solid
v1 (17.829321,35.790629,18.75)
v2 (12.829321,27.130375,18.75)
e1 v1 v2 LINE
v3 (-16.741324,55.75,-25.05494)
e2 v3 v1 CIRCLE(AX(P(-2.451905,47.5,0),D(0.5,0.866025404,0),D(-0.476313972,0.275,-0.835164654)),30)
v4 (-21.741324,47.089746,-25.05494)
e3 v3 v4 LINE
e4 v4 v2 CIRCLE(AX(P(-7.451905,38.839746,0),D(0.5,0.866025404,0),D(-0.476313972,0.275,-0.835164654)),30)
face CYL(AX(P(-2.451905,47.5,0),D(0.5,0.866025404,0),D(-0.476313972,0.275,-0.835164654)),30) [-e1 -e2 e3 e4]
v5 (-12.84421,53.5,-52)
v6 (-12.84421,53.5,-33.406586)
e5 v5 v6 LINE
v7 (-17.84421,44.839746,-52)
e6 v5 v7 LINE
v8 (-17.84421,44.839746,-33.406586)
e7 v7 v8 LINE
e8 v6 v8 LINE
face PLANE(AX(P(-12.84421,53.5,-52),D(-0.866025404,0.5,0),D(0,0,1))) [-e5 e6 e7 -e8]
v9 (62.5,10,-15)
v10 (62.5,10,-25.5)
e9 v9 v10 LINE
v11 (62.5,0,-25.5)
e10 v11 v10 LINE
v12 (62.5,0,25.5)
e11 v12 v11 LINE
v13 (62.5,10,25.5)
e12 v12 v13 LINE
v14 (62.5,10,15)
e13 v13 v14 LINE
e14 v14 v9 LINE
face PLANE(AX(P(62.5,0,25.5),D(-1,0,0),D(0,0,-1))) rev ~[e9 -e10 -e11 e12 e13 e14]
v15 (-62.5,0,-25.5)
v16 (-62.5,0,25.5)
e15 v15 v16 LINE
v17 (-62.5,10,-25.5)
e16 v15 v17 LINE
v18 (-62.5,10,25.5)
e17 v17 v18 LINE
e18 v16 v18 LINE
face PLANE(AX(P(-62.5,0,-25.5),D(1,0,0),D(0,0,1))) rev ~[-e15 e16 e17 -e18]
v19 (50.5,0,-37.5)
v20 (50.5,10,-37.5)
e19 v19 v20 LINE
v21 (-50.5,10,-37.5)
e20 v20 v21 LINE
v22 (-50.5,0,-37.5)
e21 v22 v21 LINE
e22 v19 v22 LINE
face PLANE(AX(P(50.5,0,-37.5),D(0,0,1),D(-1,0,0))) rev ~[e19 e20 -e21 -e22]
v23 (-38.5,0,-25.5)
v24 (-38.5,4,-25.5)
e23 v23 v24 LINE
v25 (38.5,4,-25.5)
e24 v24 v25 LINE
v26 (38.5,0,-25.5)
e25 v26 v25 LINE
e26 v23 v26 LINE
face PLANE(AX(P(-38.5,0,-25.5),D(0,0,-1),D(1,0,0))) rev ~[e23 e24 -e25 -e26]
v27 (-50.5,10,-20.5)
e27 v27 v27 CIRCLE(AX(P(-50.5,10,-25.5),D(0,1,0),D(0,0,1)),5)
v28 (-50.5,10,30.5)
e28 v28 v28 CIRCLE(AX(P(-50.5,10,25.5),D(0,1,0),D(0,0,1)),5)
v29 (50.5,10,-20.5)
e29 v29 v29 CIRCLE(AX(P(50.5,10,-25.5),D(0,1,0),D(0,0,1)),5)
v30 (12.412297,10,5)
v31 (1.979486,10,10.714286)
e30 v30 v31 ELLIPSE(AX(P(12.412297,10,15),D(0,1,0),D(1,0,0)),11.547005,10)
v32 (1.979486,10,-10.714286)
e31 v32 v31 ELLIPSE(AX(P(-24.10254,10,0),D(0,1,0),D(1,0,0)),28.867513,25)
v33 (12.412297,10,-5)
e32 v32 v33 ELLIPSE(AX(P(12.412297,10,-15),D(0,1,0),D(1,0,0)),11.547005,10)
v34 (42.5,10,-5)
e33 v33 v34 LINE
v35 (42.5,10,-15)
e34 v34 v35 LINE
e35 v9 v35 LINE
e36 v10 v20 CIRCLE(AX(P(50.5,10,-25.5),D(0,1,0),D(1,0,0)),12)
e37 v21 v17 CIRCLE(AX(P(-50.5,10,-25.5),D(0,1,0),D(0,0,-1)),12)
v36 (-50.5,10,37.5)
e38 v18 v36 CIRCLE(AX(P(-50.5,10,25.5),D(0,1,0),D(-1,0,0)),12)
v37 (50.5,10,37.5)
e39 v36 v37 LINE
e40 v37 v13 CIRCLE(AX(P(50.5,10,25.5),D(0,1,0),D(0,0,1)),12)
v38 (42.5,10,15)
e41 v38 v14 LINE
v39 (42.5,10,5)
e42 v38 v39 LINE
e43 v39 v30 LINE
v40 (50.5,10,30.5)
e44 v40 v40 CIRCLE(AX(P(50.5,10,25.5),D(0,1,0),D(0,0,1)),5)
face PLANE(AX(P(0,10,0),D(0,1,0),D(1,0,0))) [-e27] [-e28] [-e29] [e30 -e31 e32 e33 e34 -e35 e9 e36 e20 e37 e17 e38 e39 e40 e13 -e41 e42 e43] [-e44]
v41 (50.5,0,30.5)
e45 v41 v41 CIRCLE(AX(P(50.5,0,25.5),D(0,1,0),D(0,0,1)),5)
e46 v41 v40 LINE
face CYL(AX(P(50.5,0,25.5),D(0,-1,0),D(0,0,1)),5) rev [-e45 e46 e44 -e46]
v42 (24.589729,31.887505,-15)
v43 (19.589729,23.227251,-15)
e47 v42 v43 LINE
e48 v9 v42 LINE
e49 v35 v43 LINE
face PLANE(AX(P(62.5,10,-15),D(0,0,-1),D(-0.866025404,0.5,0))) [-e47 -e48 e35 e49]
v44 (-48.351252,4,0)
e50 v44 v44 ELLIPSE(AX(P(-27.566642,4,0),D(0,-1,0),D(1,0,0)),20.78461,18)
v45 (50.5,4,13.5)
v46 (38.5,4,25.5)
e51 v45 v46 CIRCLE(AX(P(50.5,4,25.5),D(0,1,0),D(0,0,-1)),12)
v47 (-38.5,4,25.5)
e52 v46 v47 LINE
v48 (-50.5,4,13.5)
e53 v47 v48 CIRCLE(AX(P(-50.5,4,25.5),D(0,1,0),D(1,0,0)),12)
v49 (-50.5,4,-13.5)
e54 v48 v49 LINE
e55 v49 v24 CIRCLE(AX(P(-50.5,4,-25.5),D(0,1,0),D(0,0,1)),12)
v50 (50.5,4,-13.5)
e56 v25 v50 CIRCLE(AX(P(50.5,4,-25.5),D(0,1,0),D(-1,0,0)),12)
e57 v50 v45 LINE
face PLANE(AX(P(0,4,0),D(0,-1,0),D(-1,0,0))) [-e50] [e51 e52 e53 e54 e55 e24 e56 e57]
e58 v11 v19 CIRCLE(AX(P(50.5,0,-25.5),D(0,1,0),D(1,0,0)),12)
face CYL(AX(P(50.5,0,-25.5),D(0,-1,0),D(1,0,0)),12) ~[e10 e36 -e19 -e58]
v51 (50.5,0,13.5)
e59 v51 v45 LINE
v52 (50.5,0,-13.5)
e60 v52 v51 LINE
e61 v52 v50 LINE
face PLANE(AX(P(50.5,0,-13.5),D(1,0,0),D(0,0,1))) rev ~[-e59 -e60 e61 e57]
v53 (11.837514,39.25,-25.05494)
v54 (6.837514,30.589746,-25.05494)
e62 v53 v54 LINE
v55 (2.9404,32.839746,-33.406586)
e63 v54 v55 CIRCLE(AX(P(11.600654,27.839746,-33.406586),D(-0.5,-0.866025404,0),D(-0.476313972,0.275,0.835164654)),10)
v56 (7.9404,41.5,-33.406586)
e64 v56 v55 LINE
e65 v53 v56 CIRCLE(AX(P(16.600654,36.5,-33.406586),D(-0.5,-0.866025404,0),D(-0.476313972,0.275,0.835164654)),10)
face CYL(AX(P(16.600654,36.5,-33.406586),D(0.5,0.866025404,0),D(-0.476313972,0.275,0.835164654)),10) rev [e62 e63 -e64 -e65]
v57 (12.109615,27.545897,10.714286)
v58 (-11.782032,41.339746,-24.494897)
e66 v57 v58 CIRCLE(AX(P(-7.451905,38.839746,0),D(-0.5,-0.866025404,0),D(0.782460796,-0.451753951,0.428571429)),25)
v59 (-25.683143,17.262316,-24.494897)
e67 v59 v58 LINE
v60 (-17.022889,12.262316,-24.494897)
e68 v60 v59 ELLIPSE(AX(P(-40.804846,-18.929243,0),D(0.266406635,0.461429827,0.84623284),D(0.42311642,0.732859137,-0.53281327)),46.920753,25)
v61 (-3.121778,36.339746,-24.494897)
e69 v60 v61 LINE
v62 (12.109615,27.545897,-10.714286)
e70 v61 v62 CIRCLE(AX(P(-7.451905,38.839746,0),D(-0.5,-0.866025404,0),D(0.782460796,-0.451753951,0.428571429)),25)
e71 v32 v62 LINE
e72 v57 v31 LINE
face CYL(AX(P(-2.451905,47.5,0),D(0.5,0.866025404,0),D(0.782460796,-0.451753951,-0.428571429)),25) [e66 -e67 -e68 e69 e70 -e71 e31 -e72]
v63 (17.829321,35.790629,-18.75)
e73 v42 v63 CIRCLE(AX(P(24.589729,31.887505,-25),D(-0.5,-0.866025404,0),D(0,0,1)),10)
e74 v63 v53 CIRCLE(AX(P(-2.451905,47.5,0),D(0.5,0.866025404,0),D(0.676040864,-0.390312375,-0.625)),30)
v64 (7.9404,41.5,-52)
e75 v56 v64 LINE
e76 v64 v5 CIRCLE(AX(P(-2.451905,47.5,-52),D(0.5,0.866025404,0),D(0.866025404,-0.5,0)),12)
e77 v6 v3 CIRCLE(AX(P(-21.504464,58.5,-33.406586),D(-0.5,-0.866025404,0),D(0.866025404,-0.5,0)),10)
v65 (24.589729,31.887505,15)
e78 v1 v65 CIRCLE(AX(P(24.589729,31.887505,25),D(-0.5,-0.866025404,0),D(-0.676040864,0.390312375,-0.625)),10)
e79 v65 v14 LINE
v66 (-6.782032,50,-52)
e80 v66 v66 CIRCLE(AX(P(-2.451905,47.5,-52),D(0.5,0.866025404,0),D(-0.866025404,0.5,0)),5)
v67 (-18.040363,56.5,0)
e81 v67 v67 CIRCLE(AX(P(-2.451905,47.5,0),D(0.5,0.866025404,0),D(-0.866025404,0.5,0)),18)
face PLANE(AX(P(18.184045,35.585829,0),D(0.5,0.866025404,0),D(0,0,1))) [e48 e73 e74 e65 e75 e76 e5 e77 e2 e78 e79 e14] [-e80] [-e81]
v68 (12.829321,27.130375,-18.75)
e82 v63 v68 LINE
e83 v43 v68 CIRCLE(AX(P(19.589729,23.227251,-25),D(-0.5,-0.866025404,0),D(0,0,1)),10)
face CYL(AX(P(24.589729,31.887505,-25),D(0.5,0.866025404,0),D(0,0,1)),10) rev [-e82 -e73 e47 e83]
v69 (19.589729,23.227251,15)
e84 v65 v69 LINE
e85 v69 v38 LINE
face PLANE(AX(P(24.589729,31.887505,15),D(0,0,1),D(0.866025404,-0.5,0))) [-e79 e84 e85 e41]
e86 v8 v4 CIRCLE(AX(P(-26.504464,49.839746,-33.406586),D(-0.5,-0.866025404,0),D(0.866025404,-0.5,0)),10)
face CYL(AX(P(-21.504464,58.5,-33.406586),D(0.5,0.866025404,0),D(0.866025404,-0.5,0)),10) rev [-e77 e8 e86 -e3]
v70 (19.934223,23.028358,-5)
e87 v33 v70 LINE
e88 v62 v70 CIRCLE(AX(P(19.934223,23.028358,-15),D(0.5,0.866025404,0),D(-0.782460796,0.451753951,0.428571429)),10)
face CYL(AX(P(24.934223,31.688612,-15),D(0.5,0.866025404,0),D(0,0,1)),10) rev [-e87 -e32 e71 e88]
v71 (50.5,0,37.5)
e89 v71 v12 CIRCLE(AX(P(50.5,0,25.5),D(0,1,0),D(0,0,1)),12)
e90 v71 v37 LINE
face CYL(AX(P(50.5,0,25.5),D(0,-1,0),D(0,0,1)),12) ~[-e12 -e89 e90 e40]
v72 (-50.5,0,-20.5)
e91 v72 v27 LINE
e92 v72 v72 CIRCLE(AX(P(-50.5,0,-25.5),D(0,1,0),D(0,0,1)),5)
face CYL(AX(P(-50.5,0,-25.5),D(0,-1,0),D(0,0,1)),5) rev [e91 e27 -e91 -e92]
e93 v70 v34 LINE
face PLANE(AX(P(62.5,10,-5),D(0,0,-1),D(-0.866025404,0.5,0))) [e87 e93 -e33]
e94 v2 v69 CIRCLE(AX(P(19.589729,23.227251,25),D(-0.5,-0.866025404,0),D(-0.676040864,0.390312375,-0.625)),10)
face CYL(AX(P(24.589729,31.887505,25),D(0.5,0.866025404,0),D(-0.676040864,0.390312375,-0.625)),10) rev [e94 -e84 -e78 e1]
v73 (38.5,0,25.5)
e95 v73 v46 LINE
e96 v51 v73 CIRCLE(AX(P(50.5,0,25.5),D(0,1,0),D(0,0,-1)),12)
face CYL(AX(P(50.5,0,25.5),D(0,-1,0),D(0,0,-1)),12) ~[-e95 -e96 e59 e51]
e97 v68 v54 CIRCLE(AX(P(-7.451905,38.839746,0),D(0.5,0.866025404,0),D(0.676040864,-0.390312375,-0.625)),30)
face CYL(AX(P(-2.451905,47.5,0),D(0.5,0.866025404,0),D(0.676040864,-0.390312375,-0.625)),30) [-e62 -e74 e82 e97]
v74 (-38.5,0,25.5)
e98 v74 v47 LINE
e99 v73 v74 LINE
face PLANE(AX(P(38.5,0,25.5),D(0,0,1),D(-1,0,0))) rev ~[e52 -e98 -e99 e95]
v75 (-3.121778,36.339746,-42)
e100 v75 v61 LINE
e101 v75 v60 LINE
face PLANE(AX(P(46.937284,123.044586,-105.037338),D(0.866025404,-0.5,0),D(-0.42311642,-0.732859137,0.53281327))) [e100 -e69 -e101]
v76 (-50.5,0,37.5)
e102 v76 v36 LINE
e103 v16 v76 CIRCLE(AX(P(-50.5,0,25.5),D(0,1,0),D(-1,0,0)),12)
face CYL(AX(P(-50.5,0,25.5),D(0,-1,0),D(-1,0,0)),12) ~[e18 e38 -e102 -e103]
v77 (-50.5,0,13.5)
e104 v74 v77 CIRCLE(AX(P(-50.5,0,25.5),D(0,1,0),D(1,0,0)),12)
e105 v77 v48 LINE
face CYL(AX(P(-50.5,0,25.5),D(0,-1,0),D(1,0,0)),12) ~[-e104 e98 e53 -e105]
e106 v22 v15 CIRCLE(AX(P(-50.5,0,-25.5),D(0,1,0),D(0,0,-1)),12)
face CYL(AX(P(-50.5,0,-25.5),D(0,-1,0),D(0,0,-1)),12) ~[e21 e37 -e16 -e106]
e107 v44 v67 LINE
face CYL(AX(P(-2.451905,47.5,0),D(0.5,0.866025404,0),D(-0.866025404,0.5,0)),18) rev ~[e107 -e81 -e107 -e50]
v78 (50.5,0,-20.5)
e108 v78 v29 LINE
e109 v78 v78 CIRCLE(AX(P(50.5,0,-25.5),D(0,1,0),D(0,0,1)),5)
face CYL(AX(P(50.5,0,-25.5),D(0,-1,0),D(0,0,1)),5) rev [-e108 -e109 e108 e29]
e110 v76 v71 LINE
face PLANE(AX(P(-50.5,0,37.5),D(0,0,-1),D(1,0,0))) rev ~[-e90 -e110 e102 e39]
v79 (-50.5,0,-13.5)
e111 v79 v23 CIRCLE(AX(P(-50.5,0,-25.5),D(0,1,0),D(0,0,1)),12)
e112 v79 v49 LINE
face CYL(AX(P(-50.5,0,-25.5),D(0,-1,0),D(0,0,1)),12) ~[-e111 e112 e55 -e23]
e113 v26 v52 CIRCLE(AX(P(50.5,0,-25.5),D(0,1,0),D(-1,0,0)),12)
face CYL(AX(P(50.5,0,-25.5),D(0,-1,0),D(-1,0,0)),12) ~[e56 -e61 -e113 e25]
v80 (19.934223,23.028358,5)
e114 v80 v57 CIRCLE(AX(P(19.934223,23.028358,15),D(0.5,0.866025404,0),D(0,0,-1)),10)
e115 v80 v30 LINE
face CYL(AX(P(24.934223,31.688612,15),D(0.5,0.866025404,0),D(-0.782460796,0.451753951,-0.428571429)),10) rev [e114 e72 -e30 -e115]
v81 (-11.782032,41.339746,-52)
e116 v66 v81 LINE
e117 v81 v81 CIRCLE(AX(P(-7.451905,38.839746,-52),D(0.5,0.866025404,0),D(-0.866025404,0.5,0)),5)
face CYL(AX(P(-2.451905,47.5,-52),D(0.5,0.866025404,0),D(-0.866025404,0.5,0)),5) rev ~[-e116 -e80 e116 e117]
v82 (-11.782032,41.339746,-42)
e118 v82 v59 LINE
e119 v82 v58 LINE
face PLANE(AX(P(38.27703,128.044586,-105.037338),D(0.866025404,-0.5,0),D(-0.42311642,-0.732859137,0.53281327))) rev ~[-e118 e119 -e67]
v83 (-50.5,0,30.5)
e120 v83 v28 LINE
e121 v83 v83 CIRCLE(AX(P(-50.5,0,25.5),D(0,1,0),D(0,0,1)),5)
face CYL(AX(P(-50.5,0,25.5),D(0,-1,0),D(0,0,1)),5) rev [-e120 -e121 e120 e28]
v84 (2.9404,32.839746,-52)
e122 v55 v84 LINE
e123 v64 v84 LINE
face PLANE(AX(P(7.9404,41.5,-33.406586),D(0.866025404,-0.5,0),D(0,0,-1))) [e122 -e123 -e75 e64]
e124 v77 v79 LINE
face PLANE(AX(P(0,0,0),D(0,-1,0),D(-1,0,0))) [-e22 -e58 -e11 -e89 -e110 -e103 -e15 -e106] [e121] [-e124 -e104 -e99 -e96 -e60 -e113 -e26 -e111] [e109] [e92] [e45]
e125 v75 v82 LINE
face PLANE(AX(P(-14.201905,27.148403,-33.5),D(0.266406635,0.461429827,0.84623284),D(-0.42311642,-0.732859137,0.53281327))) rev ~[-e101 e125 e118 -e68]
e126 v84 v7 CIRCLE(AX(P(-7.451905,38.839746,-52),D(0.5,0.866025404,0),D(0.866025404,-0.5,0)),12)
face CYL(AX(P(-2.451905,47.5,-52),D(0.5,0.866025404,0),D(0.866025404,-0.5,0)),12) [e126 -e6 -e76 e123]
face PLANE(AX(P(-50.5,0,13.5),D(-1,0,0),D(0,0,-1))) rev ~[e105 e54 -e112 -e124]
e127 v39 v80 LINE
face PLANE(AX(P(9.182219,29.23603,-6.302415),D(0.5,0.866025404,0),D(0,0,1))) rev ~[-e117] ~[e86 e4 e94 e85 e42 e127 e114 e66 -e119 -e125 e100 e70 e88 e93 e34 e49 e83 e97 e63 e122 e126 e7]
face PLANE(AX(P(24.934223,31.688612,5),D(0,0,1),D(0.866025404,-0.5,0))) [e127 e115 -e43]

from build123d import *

# Parameters (mm, degrees)
SKETCH_7_R          = 5
EXTRUDE_5_DEPTH     = 10
CUT_EXTRUDE_3_DEPTH = 4
SKETCH_8_R          = 5
EXTRUDE_8_DEPTH     = 10
EXTRUDE_9_REACH     = 111.952
SKETCH_8_6_R        = 18
CUT_EXTRUDE_5_REACH = 111.952
SKETCH_8_7_R        = 18
RIB_9_REACH         = 119.31
SKETCH_10_WALL_W    = 268.526863554
SKETCH_10_WALL_H    = 10


with BuildPart() as part:
    # 草图7 → 凸台-拉伸5 (new body)
    with BuildSketch(Plane(origin=(0, 0, 0), x_dir=(1, 0, 0), z_dir=(0, 1, 0))):
        with BuildLine():
            Line((50.5, 37.5), (-50.5, 37.5))
            ThreePointArc((-50.5, 37.5), (-58.985281374, 33.985281374), (-62.5, 25.5))
            Line((-62.5, 25.5), (-62.5, -25.5))
            ThreePointArc((-62.5, -25.5), (-58.985281374, -33.985281374), (-50.5, -37.5))
            Line((-50.5, -37.5), (50.5, -37.5))
            ThreePointArc((50.5, -37.5), (58.985281374, -33.985281374), (62.5, -25.5))
            Line((62.5, -25.5), (62.5, 25.5))
            ThreePointArc((62.5, 25.5), (58.985281374, 33.985281374), (50.5, 37.5))
        make_face()
        with Locations((-50.5, -25.5)):
            Circle(SKETCH_7_R, mode=Mode.SUBTRACT)
        with Locations((50.5, -25.5)):
            Circle(SKETCH_7_R, mode=Mode.SUBTRACT)
        with Locations((-50.5, 25.5)):
            Circle(SKETCH_7_R, mode=Mode.SUBTRACT)
        with Locations((50.5, 25.5)):
            Circle(SKETCH_7_R, mode=Mode.SUBTRACT)
    extrude(amount=EXTRUDE_5_DEPTH)

    # 草图7<3> → 切除-拉伸3 (cut)
    with BuildSketch(Plane(origin=(0, 0, 0), x_dir=(1, 0, 0), z_dir=(0, 1, 0))):
        with BuildLine():
            Line((38.5, 25.5), (-38.5, 25.5))
            ThreePointArc((-38.5, 25.5), (-42.014718626, 17.014718626), (-50.5, 13.5))
            Line((-50.5, 13.5), (-50.5, -13.5))
            ThreePointArc((-50.5, -13.5), (-42.014718626, -17.014718626), (-38.5, -25.5))
            Line((-38.5, -25.5), (38.5, -25.5))
            ThreePointArc((38.5, -25.5), (42.014718626, -17.014718626), (50.5, -13.5))
            Line((50.5, -13.5), (50.5, 13.5))
            ThreePointArc((50.5, 13.5), (42.014718626, 17.014718626), (38.5, 25.5))
        make_face()
    extrude(amount=CUT_EXTRUDE_3_DEPTH, mode=Mode.SUBTRACT)

    # 草图8 → 凸台-拉伸8 (add)
    with BuildSketch(Plane(origin=(19.955127019, 34.563293868, 0), x_dir=(0, 0, 1), z_dir=(0.500000000000001, 0.866025403784438, 0))):
        with BuildLine():
            Line((-5, 5.749364338), (-5, 49.126587737))
            Line((-5, 49.126587737), (-15, 49.126587737))
            Line((-15, 49.126587737), (-15, 5.351577729))
            ThreePointArc((-15, 5.351577729), (-15.986121811, 1.02145071), (-18.75, -2.454669769))
            ThreePointArc((-18.75, -2.454669769), (-22.173981002, -5.666617205), (-25.054939633, -9.373412263))
            ThreePointArc((-25.054939633, -9.373412263), (-28.663169687, -12.676820694), (-33.406586177, -13.873412263))
            Line((-33.406586177, -13.873412263), (-52, -13.873412263))
            ThreePointArc((-52, -13.873412263), (-64, -25.873412263), (-52, -37.873412263))
            Line((-52, -37.873412263), (-33.406586177, -37.873412263))
            ThreePointArc((-33.406586177, -37.873412263), (-28.663169687, -39.070003833), (-25.054939633, -42.373412263))
            ThreePointArc((-25.054939633, -42.373412263), (20.206795058, -48.047393266), (18.75, -2.454669769))
            ThreePointArc((18.75, -2.454669769), (15.986121811, 1.02145071), (15, 5.351577729))
            Line((15, 5.351577729), (15, 49.126587737))
            Line((15, 49.126587737), (5, 49.126587737))
            Line((5, 49.126587737), (5, 5.749364338))
            ThreePointArc((5, 5.749364338), (6.548457453, 0.4041395), (10.714285714, -3.285714691))
            ThreePointArc((10.714285714, -3.285714691), (0, -50.873412263), (-10.714285714, -3.285714691))
            ThreePointArc((-10.714285714, -3.285714691), (-6.548457453, 0.4041395), (-5, 5.749364338))
        make_face()
        with Locations((-52, -25.873412263)):
            Circle(SKETCH_8_R, mode=Mode.SUBTRACT)
    extrude(amount=-EXTRUDE_8_DEPTH)

    # 草图8<6> → 凸台-拉伸9 (add, up to next)
    with BuildSketch(Plane(origin=(19.955127019, 34.563293868, 0), x_dir=(0, 0, 1), z_dir=(0.500000000000001, 0.866025403784438, 0)), mode=Mode.PRIVATE) as extrude_9_sk1:
        with BuildLine():
            Line((5, 49.126587737), (-5, 49.126587737))
            Line((-5, 49.126587737), (-5, 5.749364338))
            ThreePointArc((-5, 5.749364338), (-6.548457453, 0.4041395), (-10.714285714, -3.285714691))
            ThreePointArc((-10.714285714, -3.285714691), (0, -50.873412263), (10.714285714, -3.285714691))
            ThreePointArc((10.714285714, -3.285714691), (6.548457453, 0.4041395), (5, 5.749364338))
            Line((5, 5.749364338), (5, 49.126587737))
        make_face()
        with Locations((0, -25.873412263)):
            Circle(SKETCH_8_6_R, mode=Mode.SUBTRACT)
    extrude_9_tool1 = extrude(extrude_9_sk1.sketch, amount=-EXTRUDE_9_REACH, mode=Mode.PRIVATE) - part.part
    add(extrude_9_tool1.solids().sort_by_distance((43.717111, 20.844306, 3.881966))[0])

    # 草图8<7> → 切除-拉伸5 (cut, up to next)
    with BuildSketch(Plane(origin=(19.955127019, 34.563293868, 0), x_dir=(0, 0, 1), z_dir=(0.500000000000001, 0.866025403784438, 0)), mode=Mode.PRIVATE) as cut_extrude_5_sk1:
        with Locations((0, -25.873412263)):
            Circle(SKETCH_8_7_R)
    cut_extrude_5_tool1 = extrude(cut_extrude_5_sk1.sketch, amount=-CUT_EXTRUDE_5_REACH, mode=Mode.PRIVATE) & part.part
    add(cut_extrude_5_tool1.solids().sort_by_distance((-2.451905, 47.5, 0))[0], mode=Mode.SUBTRACT)

    # 草图10 wall → 筋9 (add, up to next)
    with BuildSketch(Plane(origin=(-14.201905284, 27.148403011, -33.5), x_dir=(-0.423116420047, -0.732859137032, 0.532813269688), z_dir=(0.266406634844, 0.461429827024, 0.846232840088)), mode=Mode.PRIVATE) as rib_9_sk1:
        Rectangle(SKETCH_10_WALL_W, SKETCH_10_WALL_H)
    rib_9_tool1 = extrude(rib_9_sk1.sketch, amount=RIB_9_REACH, mode=Mode.PRIVATE) - part.part
    add(rib_9_tool1.solids().sort_by_distance((-14.201905284, 27.148403011, -33.5))[0])


solid = part.part
